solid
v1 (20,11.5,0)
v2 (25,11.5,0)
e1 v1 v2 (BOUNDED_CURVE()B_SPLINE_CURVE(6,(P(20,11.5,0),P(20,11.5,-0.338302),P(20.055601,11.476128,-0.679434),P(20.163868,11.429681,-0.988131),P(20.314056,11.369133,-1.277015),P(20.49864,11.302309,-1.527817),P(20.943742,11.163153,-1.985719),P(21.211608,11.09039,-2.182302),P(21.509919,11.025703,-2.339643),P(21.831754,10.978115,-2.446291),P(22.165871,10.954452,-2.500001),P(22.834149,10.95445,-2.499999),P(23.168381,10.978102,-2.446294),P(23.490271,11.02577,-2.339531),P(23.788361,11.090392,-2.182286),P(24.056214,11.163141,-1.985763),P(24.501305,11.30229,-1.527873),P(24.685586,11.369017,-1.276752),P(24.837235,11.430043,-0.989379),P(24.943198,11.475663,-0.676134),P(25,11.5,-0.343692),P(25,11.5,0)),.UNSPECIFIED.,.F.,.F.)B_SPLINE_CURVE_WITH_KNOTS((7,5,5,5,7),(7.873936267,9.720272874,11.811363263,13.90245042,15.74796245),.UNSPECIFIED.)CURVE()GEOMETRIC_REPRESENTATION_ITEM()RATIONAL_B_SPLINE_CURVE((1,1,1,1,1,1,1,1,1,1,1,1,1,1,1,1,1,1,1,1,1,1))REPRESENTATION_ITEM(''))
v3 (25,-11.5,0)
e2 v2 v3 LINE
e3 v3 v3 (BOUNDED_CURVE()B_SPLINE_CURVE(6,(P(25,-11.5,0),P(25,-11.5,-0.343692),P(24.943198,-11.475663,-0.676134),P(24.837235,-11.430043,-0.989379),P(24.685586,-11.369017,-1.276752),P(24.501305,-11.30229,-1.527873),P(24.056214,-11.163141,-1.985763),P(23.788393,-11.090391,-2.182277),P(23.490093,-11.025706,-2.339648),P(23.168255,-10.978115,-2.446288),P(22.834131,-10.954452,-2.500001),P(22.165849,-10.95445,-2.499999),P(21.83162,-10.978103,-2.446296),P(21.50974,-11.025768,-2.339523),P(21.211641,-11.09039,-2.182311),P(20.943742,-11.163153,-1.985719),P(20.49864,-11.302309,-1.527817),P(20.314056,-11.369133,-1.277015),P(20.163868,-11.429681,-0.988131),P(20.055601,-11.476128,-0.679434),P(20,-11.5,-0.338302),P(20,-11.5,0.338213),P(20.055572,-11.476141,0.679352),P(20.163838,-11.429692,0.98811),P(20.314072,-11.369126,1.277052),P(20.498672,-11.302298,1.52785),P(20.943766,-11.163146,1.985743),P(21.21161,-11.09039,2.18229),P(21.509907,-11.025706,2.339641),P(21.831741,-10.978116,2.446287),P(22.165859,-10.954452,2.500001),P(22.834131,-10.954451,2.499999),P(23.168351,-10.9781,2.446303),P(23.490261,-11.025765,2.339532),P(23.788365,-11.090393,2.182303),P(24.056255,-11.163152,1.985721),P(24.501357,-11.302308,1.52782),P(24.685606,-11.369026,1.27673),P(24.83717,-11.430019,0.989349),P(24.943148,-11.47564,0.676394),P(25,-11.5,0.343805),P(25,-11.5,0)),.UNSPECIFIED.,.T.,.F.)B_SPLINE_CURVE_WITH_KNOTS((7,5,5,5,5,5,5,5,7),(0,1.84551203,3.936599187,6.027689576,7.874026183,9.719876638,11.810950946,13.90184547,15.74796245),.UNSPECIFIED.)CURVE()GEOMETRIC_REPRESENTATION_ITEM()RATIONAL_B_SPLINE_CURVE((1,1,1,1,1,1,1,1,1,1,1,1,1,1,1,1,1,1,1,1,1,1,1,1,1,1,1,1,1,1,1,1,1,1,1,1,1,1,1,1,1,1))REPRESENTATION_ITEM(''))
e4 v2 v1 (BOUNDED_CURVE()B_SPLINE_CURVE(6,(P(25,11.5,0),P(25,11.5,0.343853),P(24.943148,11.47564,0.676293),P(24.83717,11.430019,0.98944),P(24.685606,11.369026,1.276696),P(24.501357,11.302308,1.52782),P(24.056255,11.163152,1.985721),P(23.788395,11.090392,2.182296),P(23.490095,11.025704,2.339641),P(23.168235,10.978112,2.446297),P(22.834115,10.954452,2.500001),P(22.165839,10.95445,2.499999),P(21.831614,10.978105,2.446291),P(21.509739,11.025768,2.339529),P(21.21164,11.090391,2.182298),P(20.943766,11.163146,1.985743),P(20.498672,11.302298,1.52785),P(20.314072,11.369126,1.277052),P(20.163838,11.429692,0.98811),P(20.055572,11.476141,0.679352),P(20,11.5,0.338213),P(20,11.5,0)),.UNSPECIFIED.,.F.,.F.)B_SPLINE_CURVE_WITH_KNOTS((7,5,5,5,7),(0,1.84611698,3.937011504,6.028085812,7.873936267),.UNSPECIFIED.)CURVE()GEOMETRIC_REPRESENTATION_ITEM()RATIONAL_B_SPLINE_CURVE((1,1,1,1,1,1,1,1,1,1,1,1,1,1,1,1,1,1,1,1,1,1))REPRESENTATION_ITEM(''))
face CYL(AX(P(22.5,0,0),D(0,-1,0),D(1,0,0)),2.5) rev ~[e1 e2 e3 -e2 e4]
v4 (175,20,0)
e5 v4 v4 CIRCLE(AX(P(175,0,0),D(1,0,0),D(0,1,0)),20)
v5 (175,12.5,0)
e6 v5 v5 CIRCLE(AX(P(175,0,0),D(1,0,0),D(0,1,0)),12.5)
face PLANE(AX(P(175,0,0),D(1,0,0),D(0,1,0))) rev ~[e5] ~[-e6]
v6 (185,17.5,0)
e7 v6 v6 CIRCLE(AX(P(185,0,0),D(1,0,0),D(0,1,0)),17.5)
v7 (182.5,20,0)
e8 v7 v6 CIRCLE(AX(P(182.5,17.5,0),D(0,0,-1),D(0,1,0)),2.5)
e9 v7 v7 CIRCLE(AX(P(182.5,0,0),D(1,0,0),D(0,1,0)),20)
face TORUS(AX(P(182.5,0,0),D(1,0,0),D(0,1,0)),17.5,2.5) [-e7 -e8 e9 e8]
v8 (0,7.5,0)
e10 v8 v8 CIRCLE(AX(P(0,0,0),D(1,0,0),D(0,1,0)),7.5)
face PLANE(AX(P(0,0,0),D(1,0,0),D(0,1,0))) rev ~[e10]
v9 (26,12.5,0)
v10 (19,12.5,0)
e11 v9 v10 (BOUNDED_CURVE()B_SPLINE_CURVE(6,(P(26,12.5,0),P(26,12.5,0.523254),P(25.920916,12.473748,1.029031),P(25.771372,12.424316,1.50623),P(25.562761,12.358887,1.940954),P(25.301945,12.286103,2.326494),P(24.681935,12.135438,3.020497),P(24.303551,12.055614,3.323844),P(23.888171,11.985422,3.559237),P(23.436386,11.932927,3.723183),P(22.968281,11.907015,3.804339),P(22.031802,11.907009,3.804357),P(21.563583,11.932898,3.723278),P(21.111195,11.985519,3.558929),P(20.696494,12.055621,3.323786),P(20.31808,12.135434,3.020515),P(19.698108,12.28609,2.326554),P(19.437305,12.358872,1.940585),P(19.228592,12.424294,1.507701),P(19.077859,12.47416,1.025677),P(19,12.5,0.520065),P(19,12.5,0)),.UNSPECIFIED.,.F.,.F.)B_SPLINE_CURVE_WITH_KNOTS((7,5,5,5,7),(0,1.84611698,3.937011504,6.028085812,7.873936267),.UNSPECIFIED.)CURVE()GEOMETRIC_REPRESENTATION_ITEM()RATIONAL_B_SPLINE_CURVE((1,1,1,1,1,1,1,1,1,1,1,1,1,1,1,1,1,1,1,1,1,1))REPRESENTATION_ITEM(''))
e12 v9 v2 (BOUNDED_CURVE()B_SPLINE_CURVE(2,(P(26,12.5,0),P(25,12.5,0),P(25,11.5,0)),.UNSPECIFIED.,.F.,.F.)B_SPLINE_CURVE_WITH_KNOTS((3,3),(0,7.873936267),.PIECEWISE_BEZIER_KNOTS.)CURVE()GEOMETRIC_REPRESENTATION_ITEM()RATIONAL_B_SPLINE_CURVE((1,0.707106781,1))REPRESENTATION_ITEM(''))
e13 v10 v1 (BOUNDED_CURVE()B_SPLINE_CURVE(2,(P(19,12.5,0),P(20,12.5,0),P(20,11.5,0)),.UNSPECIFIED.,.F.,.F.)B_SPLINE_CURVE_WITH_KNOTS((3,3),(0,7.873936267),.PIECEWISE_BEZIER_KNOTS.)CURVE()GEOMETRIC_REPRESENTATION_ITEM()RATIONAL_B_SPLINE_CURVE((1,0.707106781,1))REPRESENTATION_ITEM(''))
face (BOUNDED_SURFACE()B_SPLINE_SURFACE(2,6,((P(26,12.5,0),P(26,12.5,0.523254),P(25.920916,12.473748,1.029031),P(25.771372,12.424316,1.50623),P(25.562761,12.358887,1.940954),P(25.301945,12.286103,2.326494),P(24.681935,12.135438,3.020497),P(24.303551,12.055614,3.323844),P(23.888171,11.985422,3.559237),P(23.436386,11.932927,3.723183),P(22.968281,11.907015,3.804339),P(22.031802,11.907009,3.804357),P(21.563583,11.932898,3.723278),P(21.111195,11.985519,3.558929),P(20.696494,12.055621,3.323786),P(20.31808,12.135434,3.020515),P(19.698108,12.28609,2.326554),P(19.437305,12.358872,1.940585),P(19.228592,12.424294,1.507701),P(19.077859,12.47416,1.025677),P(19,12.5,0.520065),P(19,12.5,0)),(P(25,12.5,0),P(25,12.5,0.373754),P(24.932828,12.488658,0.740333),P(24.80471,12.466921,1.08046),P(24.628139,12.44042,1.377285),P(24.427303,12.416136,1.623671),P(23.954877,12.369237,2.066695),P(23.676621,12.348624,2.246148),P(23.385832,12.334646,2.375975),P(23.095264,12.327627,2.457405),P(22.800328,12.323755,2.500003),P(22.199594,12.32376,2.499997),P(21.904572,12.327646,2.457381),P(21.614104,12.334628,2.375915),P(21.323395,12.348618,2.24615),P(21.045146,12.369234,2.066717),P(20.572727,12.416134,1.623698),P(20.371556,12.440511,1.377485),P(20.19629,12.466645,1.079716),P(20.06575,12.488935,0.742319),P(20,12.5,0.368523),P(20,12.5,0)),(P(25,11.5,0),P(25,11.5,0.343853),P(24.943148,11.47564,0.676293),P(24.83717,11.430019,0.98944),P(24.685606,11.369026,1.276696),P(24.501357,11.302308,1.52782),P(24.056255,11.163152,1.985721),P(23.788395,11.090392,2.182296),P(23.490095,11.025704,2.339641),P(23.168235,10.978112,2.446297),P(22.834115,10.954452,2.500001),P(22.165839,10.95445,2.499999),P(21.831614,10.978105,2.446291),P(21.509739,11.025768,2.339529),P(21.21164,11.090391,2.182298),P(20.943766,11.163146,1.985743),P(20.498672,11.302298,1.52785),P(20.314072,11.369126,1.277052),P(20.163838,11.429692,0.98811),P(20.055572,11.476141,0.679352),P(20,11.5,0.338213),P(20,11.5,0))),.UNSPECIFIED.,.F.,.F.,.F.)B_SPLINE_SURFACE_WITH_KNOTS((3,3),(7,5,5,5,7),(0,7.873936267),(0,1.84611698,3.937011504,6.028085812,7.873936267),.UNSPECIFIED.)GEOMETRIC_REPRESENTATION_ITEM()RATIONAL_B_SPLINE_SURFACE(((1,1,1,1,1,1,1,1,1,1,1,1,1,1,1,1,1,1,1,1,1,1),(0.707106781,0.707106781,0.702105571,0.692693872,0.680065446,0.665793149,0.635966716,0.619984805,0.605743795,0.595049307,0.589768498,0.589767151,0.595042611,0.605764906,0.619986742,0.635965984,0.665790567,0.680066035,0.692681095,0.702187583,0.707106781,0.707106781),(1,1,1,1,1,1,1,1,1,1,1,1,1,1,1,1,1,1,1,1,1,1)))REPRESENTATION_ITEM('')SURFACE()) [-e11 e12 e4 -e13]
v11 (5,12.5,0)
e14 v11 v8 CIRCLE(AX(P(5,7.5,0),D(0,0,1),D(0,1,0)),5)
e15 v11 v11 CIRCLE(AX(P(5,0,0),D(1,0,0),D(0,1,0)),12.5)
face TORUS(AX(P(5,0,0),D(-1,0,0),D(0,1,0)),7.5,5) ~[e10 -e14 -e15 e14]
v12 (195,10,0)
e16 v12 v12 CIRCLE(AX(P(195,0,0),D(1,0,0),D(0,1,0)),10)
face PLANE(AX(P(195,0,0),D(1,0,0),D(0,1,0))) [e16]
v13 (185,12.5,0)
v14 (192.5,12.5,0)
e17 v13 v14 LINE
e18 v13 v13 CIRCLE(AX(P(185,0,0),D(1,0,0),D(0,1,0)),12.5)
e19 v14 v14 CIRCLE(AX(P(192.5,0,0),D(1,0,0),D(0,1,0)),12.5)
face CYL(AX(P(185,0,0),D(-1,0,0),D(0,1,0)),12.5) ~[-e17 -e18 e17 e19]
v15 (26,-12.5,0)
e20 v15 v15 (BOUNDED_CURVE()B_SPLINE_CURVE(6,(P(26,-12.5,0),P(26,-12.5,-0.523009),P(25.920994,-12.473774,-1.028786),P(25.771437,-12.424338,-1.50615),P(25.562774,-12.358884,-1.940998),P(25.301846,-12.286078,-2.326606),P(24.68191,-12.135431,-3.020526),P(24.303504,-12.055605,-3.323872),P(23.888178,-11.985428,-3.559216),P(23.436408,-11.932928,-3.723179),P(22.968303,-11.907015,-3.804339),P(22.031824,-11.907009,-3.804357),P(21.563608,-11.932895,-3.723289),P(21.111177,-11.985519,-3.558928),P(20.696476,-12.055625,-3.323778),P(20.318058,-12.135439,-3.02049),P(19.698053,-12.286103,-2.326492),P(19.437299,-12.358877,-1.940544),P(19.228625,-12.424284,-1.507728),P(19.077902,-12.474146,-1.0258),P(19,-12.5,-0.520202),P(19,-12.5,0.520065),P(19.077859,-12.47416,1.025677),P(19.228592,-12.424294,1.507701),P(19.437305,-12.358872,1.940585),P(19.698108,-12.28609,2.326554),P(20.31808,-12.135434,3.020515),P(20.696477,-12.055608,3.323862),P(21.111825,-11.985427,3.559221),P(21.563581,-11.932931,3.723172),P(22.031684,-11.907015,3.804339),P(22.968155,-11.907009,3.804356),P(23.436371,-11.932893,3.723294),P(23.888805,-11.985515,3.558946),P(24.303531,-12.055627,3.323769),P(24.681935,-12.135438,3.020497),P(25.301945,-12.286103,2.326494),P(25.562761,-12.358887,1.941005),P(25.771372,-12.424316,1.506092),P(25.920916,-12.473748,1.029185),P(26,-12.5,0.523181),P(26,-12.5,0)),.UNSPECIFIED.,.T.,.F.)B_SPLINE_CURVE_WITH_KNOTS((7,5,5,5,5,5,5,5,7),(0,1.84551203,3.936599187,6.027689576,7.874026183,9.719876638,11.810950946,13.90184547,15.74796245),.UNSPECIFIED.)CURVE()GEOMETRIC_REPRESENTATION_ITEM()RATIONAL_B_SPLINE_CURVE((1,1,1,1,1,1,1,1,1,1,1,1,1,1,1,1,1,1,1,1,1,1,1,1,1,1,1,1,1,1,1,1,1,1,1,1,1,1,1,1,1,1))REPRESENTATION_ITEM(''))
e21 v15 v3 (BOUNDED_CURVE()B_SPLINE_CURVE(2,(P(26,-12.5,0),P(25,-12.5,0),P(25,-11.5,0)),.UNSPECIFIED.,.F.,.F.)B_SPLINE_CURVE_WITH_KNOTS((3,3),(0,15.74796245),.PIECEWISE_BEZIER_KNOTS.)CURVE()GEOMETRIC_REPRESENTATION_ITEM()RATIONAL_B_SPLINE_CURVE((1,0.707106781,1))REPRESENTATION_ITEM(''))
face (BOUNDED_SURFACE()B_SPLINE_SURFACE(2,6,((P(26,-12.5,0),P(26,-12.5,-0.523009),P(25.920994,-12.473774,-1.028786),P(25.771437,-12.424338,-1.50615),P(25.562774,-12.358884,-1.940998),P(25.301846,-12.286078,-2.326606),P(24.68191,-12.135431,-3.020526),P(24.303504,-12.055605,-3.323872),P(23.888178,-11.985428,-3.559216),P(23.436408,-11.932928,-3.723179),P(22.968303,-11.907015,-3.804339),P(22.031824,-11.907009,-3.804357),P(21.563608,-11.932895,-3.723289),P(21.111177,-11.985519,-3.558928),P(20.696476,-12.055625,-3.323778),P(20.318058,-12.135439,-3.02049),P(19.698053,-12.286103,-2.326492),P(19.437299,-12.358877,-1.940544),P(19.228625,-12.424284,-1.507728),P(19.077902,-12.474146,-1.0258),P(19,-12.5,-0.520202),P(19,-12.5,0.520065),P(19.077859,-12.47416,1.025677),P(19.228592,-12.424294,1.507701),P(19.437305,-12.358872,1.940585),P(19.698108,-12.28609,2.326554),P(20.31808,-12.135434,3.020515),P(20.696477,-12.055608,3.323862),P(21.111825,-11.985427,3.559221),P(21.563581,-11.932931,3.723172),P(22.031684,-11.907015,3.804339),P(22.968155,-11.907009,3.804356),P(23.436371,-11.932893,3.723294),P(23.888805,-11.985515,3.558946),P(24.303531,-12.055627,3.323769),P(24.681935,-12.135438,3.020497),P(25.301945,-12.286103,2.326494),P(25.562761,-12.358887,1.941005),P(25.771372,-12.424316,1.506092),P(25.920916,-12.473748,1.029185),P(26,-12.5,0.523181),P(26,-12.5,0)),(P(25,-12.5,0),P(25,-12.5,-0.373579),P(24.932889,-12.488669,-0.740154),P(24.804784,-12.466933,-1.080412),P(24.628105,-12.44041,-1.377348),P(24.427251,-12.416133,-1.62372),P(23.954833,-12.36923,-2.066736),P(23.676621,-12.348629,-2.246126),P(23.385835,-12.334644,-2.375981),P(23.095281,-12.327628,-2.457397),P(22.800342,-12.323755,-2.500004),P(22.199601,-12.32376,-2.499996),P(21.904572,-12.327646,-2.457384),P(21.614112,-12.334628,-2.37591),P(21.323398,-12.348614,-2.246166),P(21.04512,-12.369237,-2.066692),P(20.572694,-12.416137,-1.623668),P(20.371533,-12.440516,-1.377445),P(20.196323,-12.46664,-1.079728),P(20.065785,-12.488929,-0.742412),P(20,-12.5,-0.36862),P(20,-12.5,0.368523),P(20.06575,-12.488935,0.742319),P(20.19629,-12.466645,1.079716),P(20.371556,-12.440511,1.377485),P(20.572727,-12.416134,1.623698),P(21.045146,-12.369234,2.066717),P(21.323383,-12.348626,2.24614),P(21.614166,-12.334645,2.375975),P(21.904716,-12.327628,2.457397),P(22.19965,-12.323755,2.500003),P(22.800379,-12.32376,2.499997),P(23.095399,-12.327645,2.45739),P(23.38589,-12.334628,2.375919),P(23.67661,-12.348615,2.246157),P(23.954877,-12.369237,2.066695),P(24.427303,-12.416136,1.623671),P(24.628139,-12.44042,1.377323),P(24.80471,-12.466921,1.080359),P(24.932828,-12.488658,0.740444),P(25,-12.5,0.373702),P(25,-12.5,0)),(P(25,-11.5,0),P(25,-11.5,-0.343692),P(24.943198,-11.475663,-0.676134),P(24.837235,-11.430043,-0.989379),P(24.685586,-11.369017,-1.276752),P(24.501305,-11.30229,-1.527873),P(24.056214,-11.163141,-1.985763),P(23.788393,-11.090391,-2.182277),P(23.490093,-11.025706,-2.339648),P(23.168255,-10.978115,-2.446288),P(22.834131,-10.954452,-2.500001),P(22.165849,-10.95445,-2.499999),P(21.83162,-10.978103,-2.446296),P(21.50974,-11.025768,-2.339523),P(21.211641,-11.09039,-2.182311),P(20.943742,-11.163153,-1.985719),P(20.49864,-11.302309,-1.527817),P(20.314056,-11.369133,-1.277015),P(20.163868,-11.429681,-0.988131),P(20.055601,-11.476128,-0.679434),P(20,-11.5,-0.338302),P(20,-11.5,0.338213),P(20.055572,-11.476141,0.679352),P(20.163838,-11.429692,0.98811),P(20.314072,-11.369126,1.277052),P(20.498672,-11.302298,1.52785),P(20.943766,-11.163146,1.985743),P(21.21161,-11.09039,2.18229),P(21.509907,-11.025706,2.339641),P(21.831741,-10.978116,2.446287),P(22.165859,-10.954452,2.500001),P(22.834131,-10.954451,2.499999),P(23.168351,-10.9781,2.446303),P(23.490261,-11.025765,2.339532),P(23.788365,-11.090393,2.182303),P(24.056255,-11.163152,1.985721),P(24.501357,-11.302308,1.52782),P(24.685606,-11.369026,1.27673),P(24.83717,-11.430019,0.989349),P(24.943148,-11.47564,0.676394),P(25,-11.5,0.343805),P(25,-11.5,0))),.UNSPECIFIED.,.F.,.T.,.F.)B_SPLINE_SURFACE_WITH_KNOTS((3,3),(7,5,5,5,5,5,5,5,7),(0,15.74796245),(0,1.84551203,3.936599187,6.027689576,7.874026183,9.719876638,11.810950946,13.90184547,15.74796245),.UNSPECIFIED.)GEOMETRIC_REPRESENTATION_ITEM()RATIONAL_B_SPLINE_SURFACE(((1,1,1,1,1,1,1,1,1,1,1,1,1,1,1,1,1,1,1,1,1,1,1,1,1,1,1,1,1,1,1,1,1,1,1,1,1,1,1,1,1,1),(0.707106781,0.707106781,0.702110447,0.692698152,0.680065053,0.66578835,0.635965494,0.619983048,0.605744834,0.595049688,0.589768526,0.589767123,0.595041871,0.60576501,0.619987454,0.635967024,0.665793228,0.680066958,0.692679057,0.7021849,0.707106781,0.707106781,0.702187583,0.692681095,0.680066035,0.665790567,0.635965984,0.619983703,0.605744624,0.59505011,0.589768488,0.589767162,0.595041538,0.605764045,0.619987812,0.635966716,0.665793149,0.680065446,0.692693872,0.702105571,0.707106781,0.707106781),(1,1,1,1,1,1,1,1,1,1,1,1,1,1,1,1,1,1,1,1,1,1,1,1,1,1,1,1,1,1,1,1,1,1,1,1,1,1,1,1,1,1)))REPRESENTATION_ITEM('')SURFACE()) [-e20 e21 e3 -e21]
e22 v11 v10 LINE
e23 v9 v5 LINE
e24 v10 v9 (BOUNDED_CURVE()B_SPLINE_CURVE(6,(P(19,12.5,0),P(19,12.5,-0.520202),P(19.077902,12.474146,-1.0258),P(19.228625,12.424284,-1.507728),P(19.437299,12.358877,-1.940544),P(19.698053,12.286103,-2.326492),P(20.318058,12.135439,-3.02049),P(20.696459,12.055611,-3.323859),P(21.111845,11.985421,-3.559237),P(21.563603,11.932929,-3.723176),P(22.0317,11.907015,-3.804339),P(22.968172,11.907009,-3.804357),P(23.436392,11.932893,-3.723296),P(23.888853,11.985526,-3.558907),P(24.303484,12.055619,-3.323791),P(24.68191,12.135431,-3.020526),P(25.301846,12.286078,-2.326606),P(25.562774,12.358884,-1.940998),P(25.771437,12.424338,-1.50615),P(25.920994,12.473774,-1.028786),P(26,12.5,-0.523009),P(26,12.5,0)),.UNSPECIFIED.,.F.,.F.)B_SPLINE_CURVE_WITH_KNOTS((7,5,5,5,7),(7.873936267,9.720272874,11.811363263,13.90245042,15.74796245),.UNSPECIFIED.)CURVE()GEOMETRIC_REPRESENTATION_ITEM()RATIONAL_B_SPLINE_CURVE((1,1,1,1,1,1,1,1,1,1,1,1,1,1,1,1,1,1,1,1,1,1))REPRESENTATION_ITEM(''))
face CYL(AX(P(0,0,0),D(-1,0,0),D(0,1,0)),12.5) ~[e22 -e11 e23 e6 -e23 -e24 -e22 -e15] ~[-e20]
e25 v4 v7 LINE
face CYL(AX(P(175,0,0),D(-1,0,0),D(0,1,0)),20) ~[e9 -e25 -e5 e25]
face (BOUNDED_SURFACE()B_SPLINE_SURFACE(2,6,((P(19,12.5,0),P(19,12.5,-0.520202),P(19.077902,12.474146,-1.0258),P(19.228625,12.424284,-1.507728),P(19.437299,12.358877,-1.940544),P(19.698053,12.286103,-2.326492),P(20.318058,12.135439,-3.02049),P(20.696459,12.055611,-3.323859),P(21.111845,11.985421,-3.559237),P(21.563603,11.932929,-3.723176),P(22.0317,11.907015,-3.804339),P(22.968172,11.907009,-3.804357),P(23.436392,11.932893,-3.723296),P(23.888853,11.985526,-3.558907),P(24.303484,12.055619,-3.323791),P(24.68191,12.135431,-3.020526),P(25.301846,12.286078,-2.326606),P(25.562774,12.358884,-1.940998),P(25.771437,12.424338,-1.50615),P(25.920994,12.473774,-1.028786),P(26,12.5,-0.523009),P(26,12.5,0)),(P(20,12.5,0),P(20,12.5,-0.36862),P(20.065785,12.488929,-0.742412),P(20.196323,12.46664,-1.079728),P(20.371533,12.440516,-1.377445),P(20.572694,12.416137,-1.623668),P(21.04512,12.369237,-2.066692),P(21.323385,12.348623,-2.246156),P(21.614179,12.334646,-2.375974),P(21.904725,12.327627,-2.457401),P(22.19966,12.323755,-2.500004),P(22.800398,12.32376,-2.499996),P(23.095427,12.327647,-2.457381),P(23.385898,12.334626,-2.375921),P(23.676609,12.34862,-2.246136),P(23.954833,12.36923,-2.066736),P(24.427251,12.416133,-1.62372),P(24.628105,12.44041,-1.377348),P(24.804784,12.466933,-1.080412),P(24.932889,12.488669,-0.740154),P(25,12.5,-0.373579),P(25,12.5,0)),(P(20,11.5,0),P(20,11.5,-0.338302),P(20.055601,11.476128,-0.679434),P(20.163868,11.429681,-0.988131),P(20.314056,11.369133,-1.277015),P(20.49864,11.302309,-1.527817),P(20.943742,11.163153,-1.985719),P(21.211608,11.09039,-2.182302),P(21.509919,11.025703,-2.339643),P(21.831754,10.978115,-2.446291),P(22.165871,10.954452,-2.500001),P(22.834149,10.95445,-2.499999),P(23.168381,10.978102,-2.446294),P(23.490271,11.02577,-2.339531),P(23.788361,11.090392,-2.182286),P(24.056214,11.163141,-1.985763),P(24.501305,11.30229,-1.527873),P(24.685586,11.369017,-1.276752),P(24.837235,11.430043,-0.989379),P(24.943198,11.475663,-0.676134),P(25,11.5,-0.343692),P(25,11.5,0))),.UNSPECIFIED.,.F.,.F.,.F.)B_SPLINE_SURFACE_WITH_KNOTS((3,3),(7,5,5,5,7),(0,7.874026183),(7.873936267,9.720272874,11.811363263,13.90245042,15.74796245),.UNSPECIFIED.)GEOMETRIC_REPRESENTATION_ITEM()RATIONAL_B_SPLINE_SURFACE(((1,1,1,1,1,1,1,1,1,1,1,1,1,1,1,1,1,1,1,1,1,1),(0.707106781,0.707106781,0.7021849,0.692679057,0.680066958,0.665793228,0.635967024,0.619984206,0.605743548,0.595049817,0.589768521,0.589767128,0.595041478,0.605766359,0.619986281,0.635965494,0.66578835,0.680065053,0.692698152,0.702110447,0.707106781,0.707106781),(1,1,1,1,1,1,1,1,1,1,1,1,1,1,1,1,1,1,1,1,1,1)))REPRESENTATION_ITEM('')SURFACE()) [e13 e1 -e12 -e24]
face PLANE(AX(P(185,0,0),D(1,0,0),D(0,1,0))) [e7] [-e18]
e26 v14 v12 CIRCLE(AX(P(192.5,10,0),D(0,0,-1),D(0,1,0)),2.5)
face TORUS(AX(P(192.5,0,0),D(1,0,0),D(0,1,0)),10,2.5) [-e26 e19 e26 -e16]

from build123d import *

# Parameters (mm, degrees)
F0_R     = 12.5
F1_DEPTH = 175
F2_R     = 20
F3_DEPTH = 10
F4_R     = 12.5
F5_DEPTH = 10
F6_R     = 2.5
F7_R     = 2.5
F8_DEPTH = 12.5
F9_R     = 1
F10_R    = 5


with BuildPart() as f1:
    # F0 (on Right) → F1 (new body)
    with BuildSketch(Plane.YZ):
        Circle(F0_R)
    extrude(amount=F1_DEPTH)

    # F2 (on face) → F3 (join)
    with BuildSketch(Plane.YZ.offset(175)):
        Circle(F2_R)
    extrude(amount=F3_DEPTH)

    # F4 (on face) → F5 (join)
    with BuildSketch(Plane.YZ.offset(185)):
        Circle(F4_R)
    extrude(amount=F5_DEPTH)

    # F6
    f6_edges = [f1.edges().sort_by_distance(p)[0] for p in [
        (195, -12.5, 0),
        (185, -20, 0),
    ]]
    fillet(f6_edges, radius=F6_R)

    # F7 (on Front) → F8 (cut, symmetric)
    with BuildSketch(Plane.XZ):
        with Locations((22.5, 0)):
            Circle(F7_R)
    extrude(amount=F8_DEPTH, both=True, mode=Mode.SUBTRACT)

    # F9
    f9_edges = [f1.edges().sort_by_distance(p)[0] for p in [
        (22.5, 12.247449, 2.5),
        (22.5, 12.247449, -2.5),
        (20, -12.5, 0),
    ]]
    fillet(f9_edges, radius=F9_R)

    # F10
    f10_edges = [f1.edges().sort_by_distance(p)[0] for p in [
        (0, -12.5, 0),
    ]]
    fillet(f10_edges, radius=F10_R)


solid = f1.part
